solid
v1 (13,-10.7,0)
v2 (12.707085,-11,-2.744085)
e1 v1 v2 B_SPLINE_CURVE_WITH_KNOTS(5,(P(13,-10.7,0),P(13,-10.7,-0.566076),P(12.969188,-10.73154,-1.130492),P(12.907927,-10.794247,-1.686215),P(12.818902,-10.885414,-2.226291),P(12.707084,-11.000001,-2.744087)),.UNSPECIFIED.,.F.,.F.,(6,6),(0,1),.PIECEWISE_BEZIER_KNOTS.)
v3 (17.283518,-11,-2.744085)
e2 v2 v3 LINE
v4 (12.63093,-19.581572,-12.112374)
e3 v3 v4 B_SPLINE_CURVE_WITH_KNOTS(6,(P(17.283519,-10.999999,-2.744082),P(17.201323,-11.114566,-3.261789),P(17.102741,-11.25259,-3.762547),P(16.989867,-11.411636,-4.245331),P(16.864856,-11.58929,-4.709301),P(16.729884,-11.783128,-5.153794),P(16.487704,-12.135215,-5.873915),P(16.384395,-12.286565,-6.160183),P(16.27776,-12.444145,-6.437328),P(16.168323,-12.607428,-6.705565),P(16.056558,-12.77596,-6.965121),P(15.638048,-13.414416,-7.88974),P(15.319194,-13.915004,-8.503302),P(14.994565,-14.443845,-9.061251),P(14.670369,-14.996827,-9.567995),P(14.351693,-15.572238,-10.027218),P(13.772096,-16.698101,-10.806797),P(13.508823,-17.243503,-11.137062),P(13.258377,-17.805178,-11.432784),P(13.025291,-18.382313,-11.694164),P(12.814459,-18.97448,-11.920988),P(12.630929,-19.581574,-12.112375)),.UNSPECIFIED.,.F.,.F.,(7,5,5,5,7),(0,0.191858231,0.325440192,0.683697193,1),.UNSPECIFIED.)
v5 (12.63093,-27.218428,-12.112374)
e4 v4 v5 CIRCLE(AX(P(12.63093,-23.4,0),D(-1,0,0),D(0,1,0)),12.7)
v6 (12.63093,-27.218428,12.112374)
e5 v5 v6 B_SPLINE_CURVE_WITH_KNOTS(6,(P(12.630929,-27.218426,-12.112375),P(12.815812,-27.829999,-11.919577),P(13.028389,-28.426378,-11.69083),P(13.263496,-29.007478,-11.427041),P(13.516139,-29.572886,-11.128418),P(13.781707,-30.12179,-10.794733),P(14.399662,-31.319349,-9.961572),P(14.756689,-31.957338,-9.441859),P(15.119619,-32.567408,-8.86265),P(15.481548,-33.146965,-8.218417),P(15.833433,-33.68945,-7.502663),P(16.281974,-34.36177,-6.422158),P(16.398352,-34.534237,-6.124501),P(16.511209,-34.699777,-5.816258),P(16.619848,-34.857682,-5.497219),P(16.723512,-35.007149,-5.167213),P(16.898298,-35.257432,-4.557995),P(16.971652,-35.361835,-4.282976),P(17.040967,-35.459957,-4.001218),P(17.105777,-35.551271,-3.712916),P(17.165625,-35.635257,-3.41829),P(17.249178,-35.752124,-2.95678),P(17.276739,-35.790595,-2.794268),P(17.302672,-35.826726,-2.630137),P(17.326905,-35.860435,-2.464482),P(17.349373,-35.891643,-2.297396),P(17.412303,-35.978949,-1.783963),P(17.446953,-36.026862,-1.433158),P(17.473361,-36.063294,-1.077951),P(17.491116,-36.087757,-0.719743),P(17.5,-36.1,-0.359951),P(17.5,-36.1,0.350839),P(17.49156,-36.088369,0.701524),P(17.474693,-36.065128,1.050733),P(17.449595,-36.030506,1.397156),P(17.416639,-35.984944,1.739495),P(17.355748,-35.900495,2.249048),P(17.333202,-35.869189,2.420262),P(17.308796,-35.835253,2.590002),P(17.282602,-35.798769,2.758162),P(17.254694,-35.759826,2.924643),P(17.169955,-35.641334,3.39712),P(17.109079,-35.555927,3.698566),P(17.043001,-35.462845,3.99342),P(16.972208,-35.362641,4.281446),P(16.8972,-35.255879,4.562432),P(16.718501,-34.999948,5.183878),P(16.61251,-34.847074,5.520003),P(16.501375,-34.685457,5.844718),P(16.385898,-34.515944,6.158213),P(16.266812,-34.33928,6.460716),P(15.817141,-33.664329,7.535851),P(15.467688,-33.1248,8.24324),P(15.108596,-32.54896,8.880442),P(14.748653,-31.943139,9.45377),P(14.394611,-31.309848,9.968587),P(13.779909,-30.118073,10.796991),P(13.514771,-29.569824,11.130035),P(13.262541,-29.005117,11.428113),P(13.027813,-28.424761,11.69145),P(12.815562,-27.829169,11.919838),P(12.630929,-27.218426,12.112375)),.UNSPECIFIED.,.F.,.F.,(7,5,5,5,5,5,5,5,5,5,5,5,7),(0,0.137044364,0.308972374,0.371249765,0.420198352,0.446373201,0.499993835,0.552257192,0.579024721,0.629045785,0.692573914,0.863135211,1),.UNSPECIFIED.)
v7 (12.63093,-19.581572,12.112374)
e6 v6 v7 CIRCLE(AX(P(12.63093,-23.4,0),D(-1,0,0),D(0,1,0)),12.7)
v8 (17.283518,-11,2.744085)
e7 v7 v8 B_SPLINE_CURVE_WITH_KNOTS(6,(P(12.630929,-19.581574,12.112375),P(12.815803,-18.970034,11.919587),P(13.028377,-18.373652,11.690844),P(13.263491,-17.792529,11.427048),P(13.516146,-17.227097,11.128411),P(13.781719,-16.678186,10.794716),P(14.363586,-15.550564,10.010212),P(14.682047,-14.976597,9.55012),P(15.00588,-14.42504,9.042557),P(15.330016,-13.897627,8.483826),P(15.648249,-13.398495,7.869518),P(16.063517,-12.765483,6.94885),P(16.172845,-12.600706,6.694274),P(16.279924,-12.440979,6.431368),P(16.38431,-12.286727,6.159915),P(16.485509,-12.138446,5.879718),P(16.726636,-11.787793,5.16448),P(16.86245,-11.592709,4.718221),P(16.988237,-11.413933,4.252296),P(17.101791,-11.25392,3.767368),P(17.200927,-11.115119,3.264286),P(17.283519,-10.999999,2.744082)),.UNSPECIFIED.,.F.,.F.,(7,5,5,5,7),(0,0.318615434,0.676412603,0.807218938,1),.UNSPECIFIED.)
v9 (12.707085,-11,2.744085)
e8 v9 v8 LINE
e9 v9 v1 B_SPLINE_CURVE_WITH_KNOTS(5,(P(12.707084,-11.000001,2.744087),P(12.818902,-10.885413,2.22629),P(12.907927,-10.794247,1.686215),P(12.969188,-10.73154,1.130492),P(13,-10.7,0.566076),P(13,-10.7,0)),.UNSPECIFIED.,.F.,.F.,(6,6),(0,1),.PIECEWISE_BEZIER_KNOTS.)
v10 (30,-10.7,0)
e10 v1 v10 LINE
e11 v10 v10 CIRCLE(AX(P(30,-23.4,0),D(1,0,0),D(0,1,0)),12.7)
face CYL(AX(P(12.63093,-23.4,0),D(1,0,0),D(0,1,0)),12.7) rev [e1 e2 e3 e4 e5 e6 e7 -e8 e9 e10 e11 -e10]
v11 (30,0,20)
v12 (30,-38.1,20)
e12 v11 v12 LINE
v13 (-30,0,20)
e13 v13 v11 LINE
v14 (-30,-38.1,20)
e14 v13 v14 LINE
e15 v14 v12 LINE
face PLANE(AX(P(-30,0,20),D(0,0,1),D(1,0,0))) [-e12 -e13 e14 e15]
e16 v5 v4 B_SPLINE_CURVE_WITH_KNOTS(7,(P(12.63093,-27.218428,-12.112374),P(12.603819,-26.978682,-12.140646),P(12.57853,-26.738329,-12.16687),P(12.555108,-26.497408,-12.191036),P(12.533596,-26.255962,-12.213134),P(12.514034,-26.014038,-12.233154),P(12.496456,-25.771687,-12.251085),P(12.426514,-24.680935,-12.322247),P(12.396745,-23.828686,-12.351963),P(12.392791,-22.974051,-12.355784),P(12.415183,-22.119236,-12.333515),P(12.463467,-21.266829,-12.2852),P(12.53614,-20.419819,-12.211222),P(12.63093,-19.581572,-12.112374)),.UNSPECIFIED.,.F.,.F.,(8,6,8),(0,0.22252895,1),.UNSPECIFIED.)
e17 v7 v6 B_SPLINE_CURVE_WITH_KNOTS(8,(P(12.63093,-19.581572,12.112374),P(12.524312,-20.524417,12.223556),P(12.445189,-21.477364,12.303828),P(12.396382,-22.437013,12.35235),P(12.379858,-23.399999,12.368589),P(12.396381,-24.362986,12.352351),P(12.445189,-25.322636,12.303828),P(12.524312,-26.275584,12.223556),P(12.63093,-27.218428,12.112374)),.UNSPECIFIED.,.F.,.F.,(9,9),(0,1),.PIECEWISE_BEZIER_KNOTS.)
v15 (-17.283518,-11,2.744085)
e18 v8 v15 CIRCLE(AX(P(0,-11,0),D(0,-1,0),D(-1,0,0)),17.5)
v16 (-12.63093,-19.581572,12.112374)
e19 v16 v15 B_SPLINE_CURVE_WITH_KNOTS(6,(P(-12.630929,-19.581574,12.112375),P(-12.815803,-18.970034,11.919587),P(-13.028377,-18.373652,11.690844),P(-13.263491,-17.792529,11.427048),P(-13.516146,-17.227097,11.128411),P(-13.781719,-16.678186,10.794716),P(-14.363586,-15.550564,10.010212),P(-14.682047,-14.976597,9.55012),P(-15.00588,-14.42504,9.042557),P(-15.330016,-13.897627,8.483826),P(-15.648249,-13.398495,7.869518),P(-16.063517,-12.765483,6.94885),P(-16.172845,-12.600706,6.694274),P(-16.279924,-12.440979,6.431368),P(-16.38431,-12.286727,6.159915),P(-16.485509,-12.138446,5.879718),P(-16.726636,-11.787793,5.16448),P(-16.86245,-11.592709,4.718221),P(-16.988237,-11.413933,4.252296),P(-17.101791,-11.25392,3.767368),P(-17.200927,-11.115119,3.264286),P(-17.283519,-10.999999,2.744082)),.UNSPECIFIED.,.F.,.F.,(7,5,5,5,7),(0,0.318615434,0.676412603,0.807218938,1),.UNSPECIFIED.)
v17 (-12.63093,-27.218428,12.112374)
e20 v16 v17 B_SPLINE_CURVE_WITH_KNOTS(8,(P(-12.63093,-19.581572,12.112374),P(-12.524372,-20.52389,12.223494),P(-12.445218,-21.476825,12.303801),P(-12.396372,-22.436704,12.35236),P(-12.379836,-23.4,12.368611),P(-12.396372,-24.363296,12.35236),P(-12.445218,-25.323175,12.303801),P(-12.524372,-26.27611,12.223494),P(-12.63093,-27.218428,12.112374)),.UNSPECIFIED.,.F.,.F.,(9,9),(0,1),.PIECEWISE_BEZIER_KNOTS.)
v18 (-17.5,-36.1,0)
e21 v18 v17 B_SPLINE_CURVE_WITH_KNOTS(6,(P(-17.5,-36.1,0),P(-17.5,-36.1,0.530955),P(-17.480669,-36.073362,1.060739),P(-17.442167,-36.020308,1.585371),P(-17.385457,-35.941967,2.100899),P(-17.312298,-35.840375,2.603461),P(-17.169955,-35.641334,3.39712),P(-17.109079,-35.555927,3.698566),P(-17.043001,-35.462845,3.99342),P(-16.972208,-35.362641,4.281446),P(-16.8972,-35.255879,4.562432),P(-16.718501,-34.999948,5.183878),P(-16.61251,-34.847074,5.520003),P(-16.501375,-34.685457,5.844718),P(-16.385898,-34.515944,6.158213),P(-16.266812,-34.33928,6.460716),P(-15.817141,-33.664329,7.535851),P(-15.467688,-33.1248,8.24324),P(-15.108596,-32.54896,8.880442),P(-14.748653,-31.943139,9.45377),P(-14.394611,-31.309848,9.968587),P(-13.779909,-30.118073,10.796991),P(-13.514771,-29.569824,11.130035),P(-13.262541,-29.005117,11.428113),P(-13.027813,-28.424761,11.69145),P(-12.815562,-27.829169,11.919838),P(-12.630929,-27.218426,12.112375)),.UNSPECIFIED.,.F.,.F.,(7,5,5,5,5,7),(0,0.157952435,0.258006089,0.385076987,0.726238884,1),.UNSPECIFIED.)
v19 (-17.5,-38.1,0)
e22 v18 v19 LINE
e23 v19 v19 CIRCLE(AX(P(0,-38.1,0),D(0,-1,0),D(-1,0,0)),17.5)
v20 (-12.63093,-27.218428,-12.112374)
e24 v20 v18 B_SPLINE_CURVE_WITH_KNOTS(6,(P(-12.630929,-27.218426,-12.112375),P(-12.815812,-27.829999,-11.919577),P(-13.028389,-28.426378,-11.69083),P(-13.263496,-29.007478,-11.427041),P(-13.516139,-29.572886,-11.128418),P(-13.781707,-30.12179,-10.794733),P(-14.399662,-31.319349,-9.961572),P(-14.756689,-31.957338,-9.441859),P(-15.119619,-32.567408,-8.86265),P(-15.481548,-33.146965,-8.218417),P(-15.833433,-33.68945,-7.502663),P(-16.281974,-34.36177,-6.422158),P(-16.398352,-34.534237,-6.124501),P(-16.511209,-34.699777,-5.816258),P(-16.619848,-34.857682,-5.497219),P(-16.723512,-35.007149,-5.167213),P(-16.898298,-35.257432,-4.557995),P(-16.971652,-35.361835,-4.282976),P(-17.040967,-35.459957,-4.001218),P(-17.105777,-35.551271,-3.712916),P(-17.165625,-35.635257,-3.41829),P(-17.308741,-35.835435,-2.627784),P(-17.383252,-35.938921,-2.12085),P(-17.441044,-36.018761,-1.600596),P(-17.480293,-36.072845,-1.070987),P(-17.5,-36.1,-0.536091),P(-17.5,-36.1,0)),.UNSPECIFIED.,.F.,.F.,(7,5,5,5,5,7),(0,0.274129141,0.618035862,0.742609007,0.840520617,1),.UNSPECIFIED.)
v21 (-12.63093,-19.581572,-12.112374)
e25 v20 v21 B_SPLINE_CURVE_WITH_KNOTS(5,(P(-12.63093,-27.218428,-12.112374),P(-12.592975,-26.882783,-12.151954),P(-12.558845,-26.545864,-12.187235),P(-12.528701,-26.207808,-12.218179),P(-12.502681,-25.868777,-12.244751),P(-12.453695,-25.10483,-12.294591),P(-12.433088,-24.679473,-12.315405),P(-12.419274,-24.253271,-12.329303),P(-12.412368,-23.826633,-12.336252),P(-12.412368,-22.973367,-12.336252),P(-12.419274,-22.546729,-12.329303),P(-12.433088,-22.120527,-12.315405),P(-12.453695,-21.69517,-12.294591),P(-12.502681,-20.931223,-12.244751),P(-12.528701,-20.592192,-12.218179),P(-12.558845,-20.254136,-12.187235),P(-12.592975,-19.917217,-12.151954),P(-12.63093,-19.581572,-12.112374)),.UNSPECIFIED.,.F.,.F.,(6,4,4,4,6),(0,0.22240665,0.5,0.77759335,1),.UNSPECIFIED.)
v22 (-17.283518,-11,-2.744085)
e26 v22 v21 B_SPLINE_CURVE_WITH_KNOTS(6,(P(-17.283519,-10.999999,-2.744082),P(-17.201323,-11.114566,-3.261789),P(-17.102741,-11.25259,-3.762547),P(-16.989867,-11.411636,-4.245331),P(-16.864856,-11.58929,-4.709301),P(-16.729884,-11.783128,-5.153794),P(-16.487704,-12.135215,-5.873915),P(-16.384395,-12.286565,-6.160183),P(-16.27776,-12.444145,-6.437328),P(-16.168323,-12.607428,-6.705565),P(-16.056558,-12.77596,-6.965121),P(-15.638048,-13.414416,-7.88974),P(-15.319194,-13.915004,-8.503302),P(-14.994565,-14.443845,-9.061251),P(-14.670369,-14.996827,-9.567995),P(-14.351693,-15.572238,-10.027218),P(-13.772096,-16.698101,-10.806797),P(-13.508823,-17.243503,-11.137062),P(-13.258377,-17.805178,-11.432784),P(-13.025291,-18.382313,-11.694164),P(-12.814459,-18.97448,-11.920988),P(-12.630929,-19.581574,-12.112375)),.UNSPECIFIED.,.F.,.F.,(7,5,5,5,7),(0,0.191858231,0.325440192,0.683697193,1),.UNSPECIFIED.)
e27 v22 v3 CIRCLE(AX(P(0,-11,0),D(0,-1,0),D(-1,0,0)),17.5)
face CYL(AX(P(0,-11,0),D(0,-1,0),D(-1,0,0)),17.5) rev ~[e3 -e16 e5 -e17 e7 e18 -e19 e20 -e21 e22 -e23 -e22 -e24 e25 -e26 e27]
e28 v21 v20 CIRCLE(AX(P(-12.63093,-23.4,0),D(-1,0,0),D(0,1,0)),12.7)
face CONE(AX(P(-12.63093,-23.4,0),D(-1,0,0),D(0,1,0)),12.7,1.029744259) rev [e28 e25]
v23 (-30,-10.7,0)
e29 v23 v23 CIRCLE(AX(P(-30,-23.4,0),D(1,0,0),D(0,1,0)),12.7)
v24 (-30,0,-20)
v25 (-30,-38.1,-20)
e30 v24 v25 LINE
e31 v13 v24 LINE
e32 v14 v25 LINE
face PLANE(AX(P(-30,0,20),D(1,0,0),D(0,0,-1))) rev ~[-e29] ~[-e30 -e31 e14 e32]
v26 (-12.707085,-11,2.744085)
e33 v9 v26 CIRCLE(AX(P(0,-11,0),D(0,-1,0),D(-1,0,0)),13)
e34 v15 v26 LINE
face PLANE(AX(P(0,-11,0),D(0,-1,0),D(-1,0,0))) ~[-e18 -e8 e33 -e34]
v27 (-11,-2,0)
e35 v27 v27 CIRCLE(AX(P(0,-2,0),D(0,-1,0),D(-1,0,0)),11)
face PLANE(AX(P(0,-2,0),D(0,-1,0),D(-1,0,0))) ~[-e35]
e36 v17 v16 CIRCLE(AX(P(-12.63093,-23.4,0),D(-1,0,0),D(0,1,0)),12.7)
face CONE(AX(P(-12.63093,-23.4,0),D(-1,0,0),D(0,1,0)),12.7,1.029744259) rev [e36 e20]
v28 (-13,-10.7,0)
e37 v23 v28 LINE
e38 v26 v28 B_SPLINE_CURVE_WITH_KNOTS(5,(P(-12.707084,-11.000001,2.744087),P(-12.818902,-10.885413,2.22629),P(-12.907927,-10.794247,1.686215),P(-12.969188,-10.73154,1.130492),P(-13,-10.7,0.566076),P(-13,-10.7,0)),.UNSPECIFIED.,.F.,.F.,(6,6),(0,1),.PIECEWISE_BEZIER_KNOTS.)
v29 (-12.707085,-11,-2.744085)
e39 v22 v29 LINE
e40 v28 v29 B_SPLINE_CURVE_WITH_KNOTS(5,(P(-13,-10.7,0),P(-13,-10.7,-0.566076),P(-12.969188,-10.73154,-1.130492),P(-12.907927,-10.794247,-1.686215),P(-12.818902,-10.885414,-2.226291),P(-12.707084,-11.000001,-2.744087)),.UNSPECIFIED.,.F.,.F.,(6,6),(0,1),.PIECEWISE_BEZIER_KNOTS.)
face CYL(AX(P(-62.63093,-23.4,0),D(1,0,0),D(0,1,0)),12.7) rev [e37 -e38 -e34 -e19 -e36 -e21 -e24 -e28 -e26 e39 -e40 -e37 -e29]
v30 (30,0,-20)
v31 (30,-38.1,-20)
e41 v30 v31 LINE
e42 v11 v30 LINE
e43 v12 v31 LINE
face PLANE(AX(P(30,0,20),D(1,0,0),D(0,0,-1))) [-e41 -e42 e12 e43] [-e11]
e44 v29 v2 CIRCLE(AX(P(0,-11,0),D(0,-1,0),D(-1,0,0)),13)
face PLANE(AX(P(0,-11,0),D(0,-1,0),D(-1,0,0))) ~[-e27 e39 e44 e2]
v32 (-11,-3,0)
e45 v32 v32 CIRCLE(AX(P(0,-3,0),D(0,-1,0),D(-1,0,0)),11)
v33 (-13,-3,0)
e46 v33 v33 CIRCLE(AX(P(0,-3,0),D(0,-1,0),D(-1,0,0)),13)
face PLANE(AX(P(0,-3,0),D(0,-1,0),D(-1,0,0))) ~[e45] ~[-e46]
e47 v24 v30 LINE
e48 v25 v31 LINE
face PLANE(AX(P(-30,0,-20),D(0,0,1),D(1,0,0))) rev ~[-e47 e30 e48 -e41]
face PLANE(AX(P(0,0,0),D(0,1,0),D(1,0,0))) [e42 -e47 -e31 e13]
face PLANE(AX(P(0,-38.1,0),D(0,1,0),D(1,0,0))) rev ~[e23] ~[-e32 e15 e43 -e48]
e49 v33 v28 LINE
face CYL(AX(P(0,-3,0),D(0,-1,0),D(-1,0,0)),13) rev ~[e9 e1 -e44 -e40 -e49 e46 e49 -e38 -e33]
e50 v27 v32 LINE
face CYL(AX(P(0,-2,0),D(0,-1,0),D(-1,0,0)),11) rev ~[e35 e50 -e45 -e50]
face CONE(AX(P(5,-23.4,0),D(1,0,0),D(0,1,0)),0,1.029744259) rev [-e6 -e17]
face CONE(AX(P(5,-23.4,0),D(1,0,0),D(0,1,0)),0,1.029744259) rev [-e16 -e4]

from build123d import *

# Parameters (mm, degrees)
SKETCH1_W           = 60
SKETCH1_H           = 40
BOSS_EXTRUDE1_DEPTH = 38.1


with BuildPart() as part:
    # Sketch1 → Boss-Extrude1 (new body)
    with BuildSketch(Plane(origin=(0, 0, 0), x_dir=(1, 0, 0), z_dir=(0, 1, 0))):
        Rectangle(SKETCH1_W, SKETCH1_H)
    extrude(amount=-BOSS_EXTRUDE1_DEPTH)

    # Sketch2 → Cut-Revolve1 (revolve, cut)
    with BuildSketch(Plane.XY, mode=Mode.PRIVATE) as cut_revolve1_sk:
        Polygon((62.630929862, -36.1), (62.630929862, -23.4), (5, -23.4), (12.630929862, -36.1), align=None)
        Polygon((-12.630929862, -36.1), (-5, -23.4), (-62.630929862, -23.4), (-62.630929862, -36.1), align=None)
    revolve(cut_revolve1_sk.sketch.rotate(Axis((-5, -23.4, 0), (-1, 0, 0)), 180), axis=Axis((-5, -23.4, 0), (-1, 0, 0)), mode=Mode.SUBTRACT)

    # Sketch4 → Cut-Revolve2 (revolve, cut)
    with BuildSketch(Plane.XY):
        Polygon((-17.5, -11), (-17.5, -38.1), (0, -38.1), (0, -2), (-11, -2), (-11, -3), (-13, -3), (-13, -11), align=None)
    revolve(axis=Axis((0, -2, 0), (0, -1, 0)), mode=Mode.SUBTRACT)


solid = part.part
